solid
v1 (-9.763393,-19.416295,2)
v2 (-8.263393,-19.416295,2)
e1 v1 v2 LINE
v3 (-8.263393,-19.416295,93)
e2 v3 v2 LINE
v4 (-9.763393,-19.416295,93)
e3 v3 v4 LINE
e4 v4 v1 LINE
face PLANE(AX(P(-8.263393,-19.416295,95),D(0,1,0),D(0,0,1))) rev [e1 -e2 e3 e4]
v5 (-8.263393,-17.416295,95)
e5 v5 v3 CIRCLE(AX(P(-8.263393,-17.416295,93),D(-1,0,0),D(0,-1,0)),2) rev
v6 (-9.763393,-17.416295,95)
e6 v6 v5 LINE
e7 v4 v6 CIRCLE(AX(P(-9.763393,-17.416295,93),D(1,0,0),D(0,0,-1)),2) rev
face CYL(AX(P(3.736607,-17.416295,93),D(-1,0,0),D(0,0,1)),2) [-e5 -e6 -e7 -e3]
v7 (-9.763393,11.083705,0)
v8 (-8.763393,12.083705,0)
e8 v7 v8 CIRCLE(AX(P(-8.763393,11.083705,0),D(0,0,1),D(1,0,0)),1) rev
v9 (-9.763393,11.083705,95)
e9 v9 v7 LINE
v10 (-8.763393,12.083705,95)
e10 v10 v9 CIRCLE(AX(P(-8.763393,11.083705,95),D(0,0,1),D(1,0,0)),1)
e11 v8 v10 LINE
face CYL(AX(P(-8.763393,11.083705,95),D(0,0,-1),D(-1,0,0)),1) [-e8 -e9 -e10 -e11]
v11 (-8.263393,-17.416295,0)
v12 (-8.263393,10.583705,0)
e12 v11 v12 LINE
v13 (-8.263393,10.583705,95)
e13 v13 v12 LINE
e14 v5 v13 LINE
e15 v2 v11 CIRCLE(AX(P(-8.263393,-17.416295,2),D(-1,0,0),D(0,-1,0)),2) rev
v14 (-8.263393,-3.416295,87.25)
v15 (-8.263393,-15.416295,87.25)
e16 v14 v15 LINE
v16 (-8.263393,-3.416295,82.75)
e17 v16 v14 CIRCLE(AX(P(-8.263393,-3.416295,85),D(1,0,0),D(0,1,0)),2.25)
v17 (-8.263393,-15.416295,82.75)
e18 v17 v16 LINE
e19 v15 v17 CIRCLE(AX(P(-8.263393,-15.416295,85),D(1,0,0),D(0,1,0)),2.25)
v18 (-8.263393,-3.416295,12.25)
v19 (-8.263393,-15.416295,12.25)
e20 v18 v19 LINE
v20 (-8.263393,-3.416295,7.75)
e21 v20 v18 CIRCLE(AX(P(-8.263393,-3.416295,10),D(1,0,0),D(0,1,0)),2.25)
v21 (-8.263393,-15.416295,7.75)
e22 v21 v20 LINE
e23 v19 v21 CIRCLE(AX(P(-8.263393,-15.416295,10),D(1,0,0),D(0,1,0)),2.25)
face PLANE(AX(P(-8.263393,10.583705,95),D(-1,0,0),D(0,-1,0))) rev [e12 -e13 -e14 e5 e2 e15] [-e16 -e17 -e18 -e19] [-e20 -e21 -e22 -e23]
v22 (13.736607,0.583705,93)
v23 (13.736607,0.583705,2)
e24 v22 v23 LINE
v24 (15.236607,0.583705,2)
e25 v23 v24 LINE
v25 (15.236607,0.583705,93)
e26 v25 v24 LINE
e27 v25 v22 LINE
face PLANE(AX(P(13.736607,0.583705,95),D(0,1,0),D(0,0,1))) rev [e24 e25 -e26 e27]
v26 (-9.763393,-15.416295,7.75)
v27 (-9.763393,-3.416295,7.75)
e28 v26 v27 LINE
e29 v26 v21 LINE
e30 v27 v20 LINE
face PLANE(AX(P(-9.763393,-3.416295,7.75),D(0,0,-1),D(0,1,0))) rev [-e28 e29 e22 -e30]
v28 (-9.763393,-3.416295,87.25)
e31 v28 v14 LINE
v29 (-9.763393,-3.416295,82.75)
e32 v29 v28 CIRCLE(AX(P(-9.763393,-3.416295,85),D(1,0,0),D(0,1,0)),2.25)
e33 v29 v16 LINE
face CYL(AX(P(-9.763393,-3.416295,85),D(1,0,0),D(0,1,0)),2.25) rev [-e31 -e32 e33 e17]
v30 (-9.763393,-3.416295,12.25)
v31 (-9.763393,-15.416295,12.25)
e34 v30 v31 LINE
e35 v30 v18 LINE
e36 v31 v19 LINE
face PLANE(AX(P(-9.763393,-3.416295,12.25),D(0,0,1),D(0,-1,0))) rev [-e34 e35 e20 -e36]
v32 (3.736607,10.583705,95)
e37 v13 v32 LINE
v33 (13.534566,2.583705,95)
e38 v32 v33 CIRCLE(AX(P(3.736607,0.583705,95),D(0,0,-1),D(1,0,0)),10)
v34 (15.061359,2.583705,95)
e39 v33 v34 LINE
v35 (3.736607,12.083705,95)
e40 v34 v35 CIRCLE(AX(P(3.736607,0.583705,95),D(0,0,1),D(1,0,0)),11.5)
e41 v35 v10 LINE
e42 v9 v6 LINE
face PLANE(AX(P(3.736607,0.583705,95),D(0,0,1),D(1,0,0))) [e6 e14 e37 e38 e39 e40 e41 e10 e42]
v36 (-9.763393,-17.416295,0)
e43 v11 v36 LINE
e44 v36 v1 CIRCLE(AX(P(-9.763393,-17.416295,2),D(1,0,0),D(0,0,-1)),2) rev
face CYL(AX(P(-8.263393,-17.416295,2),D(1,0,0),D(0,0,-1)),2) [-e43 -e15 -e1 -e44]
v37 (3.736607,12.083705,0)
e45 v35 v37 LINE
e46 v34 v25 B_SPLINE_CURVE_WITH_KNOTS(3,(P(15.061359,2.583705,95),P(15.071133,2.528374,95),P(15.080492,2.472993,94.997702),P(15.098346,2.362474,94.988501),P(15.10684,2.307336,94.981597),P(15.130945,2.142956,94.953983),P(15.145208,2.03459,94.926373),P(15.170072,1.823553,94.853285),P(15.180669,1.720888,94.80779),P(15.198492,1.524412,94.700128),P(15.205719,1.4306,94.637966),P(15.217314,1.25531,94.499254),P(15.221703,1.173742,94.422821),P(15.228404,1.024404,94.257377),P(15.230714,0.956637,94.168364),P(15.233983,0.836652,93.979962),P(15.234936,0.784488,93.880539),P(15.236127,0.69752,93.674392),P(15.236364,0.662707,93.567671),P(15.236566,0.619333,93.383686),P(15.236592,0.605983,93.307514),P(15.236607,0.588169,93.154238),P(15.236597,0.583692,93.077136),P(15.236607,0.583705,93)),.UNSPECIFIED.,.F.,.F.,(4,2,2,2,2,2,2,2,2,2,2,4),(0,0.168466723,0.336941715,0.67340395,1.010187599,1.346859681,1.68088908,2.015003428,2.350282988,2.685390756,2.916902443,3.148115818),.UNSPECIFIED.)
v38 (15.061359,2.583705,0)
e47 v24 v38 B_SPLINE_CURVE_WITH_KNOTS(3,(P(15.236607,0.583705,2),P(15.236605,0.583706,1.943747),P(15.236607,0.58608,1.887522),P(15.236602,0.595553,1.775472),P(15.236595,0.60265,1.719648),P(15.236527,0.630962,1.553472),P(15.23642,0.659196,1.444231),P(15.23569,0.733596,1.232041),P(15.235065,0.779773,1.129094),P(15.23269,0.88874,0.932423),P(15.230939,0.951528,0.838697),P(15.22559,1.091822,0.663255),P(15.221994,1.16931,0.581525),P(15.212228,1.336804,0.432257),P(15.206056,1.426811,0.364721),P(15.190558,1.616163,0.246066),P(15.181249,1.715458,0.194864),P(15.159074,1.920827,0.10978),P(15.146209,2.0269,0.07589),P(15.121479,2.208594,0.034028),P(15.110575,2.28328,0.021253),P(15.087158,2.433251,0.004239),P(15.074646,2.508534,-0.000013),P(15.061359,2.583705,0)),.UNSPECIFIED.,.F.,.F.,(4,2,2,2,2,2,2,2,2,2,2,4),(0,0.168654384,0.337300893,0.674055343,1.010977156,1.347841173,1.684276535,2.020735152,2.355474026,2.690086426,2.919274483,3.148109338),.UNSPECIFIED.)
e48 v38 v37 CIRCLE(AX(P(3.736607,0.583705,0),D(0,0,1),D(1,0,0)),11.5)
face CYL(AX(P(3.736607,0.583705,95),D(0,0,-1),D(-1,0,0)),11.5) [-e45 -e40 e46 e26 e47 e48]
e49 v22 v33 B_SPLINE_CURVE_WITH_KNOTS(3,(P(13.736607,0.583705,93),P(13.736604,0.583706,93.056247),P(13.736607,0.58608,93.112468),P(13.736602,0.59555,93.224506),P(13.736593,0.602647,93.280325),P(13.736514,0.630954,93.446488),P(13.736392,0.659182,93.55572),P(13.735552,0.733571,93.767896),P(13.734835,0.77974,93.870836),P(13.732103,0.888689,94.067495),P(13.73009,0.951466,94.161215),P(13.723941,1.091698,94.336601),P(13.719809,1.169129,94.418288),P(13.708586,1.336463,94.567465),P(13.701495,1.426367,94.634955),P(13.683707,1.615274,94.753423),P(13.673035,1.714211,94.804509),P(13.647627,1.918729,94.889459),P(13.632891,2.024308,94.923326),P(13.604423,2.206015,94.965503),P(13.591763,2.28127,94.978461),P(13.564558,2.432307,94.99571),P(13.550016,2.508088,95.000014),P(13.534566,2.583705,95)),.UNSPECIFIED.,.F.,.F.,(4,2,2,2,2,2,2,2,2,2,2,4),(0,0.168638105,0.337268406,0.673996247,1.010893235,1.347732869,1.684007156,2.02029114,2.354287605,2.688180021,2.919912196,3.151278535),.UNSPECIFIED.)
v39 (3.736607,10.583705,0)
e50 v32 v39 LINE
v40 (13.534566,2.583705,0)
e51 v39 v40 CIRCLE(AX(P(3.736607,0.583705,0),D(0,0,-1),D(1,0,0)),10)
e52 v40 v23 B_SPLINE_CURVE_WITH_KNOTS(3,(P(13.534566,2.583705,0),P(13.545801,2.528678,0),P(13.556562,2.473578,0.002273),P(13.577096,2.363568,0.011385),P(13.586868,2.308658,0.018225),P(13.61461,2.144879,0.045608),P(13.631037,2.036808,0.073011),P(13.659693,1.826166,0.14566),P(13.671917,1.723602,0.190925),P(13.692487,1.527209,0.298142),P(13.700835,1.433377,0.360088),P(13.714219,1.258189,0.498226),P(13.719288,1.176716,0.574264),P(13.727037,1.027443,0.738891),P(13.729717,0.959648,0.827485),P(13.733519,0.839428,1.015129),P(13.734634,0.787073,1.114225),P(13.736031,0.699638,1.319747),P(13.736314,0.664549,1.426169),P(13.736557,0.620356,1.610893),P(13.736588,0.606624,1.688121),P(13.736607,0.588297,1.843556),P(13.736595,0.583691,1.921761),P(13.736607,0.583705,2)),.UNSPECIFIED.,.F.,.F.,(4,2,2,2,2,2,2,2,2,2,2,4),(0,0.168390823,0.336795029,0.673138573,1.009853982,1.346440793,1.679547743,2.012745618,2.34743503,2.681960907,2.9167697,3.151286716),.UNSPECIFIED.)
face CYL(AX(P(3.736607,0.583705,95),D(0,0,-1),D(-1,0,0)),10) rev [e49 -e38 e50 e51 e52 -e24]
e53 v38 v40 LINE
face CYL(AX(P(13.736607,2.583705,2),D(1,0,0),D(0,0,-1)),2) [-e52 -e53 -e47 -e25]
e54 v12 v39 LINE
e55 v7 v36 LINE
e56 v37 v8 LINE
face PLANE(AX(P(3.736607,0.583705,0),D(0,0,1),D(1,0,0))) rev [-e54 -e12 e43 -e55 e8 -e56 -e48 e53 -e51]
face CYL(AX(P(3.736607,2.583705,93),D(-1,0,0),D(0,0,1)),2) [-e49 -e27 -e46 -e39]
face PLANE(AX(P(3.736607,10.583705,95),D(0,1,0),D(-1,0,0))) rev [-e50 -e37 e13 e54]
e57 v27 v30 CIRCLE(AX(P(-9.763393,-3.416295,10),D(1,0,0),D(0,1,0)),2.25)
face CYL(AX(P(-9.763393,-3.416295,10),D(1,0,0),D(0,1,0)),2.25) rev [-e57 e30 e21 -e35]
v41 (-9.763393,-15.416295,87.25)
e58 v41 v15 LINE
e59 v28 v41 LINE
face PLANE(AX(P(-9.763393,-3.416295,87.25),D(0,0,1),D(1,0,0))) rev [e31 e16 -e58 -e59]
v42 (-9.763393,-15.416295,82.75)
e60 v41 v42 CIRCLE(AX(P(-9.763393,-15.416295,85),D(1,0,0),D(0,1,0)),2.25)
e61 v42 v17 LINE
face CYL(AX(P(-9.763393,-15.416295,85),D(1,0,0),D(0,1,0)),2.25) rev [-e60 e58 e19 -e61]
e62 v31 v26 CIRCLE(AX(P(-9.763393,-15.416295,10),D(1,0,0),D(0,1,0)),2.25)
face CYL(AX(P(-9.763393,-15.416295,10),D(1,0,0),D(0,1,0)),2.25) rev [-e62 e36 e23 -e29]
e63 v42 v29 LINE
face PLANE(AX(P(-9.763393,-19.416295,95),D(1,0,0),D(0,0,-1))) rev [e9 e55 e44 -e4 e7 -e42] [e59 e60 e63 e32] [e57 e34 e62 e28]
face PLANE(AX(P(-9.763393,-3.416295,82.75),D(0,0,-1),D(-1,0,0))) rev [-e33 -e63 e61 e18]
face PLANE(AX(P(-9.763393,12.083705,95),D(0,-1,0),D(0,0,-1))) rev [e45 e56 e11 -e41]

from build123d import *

# Parameters (mm, degrees)
BOSS_EXTRUDE1_DEPTH = 95
FILLET1_R           = 1
FILLET2_R           = 2
CUT_EXTRUDE1_DEPTH  = 2.5


with BuildPart() as part:
    # Sketch1 → Boss-Extrude1 (new body)
    with BuildSketch(Plane.XY):
        with BuildLine():
            Line((-9.763392857, -19.416294643), (-9.763392857, 12.083705357))
            Line((-9.763392857, 12.083705357), (3.736607143, 12.083705357))
            ThreePointArc((3.736607143, 12.083705357), (11.868335127, 8.715433341), (15.236607143, 0.583705357))
            Line((15.236607143, 0.583705357), (13.736607143, 0.583705357))
            ThreePointArc((13.736607143, 0.583705357), (10.807674955, 7.654773169), (3.736607143, 10.583705357))
            Line((3.736607143, 10.583705357), (-8.263392857, 10.583705357))
            Line((-8.263392857, 10.583705357), (-8.263392857, -19.416294643))
            Line((-8.263392857, -19.416294643), (-9.763392857, -19.416294643))
        make_face()
    extrude(amount=BOSS_EXTRUDE1_DEPTH)

    # Fillet1
    fillet1_edges = [part.edges().sort_by_distance(p)[0] for p in [
        (-9.763392857, 12.083705357, 47.5),
    ]]
    fillet(fillet1_edges, radius=FILLET1_R)

    # Fillet2
    fillet2_edges = [part.edges().sort_by_distance(p)[0] for p in [
        (-9.013392857, -19.416294643, 0),
        (14.486607143, 0.583705357, 95),
        (-9.013392857, -19.416294643, 95),
        (14.486607143, 0.583705357, 0),
    ]]
    fillet(fillet2_edges, radius=FILLET2_R)

    # Sketch2 → Cut-Extrude1 (cut, through all)
    with BuildSketch(Plane(origin=(-8.263392857, 0, 0), x_dir=(0, 0, -1), z_dir=(1, 0, 0))):
        with BuildLine():
            Line((-87.25, -3.416294643), (-87.25, -15.416294643))
            ThreePointArc((-87.25, -15.416294643), (-85, -17.666294643), (-82.75, -15.416294643))
            Line((-82.75, -15.416294643), (-82.75, -3.416294643))
            ThreePointArc((-82.75, -3.416294643), (-85, -1.166294643), (-87.25, -3.416294643))
        make_face()
        with BuildLine():
            Line((-12.25, -3.416294643), (-12.25, -15.416294643))
            ThreePointArc((-12.25, -15.416294643), (-10, -17.666294643), (-7.75, -15.416294643))
            Line((-7.75, -15.416294643), (-7.75, -3.416294643))
            ThreePointArc((-7.75, -3.416294643), (-10, -1.166294643), (-12.25, -3.416294643))
        make_face()
    extrude(amount=-CUT_EXTRUDE1_DEPTH, mode=Mode.SUBTRACT)


solid = part.part
